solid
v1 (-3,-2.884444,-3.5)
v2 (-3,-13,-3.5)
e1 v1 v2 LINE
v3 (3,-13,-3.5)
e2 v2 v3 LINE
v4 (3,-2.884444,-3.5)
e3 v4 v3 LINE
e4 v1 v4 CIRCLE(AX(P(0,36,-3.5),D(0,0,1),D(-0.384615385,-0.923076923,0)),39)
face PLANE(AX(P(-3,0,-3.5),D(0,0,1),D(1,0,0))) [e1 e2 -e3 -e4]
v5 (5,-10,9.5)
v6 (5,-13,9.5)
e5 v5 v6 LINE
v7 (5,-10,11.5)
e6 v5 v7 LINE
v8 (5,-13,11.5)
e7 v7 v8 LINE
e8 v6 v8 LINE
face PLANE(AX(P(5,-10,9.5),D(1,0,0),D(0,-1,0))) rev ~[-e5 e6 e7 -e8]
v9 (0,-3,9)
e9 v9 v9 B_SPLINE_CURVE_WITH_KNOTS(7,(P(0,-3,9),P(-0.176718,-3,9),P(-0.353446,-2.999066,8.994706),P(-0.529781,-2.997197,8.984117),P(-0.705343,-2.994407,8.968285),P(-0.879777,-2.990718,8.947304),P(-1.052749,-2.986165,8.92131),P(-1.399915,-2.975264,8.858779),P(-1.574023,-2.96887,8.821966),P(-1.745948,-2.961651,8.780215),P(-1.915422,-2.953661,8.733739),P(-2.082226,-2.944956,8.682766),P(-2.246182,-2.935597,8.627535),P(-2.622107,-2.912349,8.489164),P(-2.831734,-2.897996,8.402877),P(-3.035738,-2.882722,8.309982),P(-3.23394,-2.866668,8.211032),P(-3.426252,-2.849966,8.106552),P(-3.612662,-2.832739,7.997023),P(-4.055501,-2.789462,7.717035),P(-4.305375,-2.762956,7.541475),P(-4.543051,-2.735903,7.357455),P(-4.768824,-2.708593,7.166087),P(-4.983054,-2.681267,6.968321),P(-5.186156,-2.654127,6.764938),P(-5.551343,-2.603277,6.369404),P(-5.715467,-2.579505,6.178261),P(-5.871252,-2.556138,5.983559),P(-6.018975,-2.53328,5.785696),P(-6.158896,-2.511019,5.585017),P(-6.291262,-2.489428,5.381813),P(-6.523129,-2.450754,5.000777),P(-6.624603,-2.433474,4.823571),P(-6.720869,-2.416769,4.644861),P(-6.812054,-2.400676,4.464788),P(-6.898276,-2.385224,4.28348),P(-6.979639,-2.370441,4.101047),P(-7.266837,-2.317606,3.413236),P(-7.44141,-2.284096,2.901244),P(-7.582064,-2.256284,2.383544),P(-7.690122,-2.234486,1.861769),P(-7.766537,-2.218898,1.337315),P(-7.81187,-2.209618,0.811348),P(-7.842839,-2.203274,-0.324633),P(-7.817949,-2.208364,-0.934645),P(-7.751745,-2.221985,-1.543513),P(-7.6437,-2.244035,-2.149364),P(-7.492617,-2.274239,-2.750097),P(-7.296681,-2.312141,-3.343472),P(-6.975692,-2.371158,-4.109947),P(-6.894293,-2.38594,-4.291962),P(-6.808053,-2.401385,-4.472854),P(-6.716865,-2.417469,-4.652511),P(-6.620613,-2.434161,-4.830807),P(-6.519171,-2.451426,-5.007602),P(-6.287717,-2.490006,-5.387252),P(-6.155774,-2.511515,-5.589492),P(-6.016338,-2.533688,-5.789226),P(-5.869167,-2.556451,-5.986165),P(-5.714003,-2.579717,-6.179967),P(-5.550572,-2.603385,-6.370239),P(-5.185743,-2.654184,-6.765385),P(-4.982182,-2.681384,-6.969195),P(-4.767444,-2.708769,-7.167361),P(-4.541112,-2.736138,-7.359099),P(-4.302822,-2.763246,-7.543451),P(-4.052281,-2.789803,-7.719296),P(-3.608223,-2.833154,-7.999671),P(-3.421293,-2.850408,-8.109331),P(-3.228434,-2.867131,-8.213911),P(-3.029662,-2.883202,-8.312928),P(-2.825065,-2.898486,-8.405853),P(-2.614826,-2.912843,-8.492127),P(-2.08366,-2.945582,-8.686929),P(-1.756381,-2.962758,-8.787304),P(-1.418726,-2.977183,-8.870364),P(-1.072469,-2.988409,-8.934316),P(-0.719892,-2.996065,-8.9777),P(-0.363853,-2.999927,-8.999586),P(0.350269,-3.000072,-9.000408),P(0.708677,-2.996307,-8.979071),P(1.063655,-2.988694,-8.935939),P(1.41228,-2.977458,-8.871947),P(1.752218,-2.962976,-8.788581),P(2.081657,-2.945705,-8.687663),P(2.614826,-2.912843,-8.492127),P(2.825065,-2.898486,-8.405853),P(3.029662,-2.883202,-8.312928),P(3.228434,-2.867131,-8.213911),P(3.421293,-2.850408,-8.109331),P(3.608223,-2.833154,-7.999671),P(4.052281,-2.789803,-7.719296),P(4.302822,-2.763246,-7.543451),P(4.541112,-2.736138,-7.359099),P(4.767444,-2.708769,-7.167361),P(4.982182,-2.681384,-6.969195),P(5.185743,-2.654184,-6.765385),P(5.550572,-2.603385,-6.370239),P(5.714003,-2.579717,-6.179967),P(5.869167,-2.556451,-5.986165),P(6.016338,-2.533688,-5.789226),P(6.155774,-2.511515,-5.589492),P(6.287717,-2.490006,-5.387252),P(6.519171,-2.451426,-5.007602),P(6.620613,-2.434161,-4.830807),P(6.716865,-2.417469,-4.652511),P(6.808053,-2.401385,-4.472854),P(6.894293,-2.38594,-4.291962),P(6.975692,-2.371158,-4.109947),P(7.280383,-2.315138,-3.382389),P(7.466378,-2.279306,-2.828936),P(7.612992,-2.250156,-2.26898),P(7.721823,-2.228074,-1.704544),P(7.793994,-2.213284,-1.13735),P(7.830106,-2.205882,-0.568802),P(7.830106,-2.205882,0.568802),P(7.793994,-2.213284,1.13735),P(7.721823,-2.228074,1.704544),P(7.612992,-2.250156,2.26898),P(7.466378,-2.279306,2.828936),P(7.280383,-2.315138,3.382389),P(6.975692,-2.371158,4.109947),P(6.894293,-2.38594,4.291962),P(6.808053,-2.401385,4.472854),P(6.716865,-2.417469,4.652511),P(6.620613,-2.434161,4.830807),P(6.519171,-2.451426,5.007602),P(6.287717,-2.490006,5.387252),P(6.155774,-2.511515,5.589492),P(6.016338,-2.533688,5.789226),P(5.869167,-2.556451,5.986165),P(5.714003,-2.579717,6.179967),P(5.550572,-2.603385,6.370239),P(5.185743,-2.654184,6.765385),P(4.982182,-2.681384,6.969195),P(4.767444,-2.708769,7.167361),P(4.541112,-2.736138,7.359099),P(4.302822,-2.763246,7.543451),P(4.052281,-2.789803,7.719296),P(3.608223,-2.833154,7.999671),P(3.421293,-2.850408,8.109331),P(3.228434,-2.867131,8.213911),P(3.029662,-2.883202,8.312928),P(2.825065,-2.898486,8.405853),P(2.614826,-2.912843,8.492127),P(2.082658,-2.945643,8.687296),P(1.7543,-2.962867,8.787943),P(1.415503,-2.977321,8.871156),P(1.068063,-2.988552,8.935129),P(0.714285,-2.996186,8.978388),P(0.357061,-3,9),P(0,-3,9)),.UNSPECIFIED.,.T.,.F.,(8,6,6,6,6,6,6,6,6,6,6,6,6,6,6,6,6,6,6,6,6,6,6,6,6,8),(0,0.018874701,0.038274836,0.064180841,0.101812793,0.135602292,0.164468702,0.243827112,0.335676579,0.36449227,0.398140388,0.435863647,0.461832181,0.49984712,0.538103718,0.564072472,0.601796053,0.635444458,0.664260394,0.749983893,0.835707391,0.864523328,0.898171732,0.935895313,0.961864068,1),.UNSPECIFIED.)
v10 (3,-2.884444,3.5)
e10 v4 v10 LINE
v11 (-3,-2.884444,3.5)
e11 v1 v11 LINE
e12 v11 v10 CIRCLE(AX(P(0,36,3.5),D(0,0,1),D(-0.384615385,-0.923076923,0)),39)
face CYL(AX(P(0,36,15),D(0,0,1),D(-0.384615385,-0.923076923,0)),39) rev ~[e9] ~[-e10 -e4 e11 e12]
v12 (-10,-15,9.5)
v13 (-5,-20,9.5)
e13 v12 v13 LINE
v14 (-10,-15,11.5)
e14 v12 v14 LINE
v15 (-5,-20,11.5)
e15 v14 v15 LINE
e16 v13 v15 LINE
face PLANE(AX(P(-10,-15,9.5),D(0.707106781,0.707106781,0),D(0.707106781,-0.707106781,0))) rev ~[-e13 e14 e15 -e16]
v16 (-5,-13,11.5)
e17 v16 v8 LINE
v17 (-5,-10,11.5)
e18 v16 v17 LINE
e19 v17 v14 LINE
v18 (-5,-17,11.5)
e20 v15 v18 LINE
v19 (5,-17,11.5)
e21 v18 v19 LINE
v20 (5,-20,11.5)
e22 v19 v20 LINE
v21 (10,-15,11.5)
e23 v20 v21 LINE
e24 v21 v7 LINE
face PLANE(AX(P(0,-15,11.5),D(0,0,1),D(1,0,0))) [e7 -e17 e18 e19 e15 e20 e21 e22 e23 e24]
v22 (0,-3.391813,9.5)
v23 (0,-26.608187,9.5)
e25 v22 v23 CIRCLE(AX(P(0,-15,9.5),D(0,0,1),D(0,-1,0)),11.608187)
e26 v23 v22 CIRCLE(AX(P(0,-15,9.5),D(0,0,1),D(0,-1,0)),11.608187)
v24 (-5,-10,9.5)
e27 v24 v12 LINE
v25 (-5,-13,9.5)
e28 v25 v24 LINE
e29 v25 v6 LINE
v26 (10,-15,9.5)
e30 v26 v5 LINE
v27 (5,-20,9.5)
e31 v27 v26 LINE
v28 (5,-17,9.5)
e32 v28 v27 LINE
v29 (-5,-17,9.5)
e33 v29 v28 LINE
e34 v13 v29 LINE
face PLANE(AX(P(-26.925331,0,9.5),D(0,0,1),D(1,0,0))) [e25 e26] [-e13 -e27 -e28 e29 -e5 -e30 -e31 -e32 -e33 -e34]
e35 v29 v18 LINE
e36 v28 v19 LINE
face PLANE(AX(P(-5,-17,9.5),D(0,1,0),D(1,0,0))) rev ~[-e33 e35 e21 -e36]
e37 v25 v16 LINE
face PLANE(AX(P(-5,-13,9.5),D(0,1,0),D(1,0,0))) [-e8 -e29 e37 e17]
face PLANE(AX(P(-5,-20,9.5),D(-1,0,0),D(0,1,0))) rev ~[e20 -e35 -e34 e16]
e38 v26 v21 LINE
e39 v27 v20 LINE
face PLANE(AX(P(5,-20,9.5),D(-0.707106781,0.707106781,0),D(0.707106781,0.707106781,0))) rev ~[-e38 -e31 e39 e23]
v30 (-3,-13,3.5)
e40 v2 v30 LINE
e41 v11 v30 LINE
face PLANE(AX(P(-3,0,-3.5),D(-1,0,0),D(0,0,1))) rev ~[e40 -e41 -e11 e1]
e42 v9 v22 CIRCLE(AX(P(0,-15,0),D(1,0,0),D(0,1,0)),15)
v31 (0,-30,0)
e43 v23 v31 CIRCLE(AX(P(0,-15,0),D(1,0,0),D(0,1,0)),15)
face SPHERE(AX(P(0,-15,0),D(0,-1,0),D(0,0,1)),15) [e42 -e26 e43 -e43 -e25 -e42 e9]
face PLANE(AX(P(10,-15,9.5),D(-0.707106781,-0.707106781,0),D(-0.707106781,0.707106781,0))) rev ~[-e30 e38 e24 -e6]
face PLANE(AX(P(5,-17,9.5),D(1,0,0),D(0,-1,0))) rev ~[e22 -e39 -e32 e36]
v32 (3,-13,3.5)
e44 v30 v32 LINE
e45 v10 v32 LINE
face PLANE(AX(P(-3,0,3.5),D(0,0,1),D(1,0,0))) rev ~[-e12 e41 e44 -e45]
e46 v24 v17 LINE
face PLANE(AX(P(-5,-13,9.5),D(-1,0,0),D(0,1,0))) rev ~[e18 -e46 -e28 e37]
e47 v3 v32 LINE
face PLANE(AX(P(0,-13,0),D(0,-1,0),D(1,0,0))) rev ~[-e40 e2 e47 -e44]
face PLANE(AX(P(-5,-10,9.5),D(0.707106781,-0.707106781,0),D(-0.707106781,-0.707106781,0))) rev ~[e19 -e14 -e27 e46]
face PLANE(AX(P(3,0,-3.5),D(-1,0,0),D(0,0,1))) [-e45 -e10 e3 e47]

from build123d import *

# Parameters (mm, degrees)
F4_DEPTH  = 30.001
F5_W      = 6
F5_H      = 7
F6_DEPTH  = 13
F7_W      = 50.3954237082
F7_H      = 8.0328645855
F8_DEPTH  = 30.001
F9_W      = 10
F9_H      = 4
F10_DEPTH = 2


with BuildPart() as f1:
    # F0 (on Right) → F1 (revolve)
    with BuildSketch(Plane.YZ):
        with BuildLine():
            Line((-30, 0), (0, 0))
            ThreePointArc((0, 0), (-15, 15), (-30, 0))
        make_face()
    revolve(axis=Axis((0, -15, 0), (0, -1, 0)))

    # F3 (on offset) → F4 (cut, through all)
    with BuildSketch(Plane.XY.offset(15)):
        with BuildLine():
            Line((15, 0), (0, 0))
            Line((0, 0), (-15, 0))
            ThreePointArc((-15, 0), (0, -3), (15, 0))
        make_face()
    extrude(amount=-F4_DEPTH, mode=Mode.SUBTRACT)

    # F5 (on Front) → F6 (cut)
    with BuildSketch(Plane.XZ):
        Rectangle(F5_W, F5_H)
    extrude(amount=F6_DEPTH, mode=Mode.SUBTRACT)

    # F7 (on Front) → F8 (cut, through all)
    with BuildSketch(Plane.XZ):
        with Locations((-1.7276192084, 13.5164322928)):
            Rectangle(F7_W, F7_H)
    extrude(amount=F8_DEPTH, mode=Mode.SUBTRACT)

    # F9 (on face) → F10 (join)
    with BuildSketch(Plane.XY.offset(9.5)):
        with Locations((0, -15)):
            Rectangle(F9_W, F9_H)
        Polygon((-5, -17), (-5, -13), (-5, -10), (-10, -15), (-5, -20), align=None)
        Polygon((5, -10), (5, -13), (5, -17), (5, -20), (10, -15), align=None)
    extrude(amount=F10_DEPTH)


solid = f1.part
